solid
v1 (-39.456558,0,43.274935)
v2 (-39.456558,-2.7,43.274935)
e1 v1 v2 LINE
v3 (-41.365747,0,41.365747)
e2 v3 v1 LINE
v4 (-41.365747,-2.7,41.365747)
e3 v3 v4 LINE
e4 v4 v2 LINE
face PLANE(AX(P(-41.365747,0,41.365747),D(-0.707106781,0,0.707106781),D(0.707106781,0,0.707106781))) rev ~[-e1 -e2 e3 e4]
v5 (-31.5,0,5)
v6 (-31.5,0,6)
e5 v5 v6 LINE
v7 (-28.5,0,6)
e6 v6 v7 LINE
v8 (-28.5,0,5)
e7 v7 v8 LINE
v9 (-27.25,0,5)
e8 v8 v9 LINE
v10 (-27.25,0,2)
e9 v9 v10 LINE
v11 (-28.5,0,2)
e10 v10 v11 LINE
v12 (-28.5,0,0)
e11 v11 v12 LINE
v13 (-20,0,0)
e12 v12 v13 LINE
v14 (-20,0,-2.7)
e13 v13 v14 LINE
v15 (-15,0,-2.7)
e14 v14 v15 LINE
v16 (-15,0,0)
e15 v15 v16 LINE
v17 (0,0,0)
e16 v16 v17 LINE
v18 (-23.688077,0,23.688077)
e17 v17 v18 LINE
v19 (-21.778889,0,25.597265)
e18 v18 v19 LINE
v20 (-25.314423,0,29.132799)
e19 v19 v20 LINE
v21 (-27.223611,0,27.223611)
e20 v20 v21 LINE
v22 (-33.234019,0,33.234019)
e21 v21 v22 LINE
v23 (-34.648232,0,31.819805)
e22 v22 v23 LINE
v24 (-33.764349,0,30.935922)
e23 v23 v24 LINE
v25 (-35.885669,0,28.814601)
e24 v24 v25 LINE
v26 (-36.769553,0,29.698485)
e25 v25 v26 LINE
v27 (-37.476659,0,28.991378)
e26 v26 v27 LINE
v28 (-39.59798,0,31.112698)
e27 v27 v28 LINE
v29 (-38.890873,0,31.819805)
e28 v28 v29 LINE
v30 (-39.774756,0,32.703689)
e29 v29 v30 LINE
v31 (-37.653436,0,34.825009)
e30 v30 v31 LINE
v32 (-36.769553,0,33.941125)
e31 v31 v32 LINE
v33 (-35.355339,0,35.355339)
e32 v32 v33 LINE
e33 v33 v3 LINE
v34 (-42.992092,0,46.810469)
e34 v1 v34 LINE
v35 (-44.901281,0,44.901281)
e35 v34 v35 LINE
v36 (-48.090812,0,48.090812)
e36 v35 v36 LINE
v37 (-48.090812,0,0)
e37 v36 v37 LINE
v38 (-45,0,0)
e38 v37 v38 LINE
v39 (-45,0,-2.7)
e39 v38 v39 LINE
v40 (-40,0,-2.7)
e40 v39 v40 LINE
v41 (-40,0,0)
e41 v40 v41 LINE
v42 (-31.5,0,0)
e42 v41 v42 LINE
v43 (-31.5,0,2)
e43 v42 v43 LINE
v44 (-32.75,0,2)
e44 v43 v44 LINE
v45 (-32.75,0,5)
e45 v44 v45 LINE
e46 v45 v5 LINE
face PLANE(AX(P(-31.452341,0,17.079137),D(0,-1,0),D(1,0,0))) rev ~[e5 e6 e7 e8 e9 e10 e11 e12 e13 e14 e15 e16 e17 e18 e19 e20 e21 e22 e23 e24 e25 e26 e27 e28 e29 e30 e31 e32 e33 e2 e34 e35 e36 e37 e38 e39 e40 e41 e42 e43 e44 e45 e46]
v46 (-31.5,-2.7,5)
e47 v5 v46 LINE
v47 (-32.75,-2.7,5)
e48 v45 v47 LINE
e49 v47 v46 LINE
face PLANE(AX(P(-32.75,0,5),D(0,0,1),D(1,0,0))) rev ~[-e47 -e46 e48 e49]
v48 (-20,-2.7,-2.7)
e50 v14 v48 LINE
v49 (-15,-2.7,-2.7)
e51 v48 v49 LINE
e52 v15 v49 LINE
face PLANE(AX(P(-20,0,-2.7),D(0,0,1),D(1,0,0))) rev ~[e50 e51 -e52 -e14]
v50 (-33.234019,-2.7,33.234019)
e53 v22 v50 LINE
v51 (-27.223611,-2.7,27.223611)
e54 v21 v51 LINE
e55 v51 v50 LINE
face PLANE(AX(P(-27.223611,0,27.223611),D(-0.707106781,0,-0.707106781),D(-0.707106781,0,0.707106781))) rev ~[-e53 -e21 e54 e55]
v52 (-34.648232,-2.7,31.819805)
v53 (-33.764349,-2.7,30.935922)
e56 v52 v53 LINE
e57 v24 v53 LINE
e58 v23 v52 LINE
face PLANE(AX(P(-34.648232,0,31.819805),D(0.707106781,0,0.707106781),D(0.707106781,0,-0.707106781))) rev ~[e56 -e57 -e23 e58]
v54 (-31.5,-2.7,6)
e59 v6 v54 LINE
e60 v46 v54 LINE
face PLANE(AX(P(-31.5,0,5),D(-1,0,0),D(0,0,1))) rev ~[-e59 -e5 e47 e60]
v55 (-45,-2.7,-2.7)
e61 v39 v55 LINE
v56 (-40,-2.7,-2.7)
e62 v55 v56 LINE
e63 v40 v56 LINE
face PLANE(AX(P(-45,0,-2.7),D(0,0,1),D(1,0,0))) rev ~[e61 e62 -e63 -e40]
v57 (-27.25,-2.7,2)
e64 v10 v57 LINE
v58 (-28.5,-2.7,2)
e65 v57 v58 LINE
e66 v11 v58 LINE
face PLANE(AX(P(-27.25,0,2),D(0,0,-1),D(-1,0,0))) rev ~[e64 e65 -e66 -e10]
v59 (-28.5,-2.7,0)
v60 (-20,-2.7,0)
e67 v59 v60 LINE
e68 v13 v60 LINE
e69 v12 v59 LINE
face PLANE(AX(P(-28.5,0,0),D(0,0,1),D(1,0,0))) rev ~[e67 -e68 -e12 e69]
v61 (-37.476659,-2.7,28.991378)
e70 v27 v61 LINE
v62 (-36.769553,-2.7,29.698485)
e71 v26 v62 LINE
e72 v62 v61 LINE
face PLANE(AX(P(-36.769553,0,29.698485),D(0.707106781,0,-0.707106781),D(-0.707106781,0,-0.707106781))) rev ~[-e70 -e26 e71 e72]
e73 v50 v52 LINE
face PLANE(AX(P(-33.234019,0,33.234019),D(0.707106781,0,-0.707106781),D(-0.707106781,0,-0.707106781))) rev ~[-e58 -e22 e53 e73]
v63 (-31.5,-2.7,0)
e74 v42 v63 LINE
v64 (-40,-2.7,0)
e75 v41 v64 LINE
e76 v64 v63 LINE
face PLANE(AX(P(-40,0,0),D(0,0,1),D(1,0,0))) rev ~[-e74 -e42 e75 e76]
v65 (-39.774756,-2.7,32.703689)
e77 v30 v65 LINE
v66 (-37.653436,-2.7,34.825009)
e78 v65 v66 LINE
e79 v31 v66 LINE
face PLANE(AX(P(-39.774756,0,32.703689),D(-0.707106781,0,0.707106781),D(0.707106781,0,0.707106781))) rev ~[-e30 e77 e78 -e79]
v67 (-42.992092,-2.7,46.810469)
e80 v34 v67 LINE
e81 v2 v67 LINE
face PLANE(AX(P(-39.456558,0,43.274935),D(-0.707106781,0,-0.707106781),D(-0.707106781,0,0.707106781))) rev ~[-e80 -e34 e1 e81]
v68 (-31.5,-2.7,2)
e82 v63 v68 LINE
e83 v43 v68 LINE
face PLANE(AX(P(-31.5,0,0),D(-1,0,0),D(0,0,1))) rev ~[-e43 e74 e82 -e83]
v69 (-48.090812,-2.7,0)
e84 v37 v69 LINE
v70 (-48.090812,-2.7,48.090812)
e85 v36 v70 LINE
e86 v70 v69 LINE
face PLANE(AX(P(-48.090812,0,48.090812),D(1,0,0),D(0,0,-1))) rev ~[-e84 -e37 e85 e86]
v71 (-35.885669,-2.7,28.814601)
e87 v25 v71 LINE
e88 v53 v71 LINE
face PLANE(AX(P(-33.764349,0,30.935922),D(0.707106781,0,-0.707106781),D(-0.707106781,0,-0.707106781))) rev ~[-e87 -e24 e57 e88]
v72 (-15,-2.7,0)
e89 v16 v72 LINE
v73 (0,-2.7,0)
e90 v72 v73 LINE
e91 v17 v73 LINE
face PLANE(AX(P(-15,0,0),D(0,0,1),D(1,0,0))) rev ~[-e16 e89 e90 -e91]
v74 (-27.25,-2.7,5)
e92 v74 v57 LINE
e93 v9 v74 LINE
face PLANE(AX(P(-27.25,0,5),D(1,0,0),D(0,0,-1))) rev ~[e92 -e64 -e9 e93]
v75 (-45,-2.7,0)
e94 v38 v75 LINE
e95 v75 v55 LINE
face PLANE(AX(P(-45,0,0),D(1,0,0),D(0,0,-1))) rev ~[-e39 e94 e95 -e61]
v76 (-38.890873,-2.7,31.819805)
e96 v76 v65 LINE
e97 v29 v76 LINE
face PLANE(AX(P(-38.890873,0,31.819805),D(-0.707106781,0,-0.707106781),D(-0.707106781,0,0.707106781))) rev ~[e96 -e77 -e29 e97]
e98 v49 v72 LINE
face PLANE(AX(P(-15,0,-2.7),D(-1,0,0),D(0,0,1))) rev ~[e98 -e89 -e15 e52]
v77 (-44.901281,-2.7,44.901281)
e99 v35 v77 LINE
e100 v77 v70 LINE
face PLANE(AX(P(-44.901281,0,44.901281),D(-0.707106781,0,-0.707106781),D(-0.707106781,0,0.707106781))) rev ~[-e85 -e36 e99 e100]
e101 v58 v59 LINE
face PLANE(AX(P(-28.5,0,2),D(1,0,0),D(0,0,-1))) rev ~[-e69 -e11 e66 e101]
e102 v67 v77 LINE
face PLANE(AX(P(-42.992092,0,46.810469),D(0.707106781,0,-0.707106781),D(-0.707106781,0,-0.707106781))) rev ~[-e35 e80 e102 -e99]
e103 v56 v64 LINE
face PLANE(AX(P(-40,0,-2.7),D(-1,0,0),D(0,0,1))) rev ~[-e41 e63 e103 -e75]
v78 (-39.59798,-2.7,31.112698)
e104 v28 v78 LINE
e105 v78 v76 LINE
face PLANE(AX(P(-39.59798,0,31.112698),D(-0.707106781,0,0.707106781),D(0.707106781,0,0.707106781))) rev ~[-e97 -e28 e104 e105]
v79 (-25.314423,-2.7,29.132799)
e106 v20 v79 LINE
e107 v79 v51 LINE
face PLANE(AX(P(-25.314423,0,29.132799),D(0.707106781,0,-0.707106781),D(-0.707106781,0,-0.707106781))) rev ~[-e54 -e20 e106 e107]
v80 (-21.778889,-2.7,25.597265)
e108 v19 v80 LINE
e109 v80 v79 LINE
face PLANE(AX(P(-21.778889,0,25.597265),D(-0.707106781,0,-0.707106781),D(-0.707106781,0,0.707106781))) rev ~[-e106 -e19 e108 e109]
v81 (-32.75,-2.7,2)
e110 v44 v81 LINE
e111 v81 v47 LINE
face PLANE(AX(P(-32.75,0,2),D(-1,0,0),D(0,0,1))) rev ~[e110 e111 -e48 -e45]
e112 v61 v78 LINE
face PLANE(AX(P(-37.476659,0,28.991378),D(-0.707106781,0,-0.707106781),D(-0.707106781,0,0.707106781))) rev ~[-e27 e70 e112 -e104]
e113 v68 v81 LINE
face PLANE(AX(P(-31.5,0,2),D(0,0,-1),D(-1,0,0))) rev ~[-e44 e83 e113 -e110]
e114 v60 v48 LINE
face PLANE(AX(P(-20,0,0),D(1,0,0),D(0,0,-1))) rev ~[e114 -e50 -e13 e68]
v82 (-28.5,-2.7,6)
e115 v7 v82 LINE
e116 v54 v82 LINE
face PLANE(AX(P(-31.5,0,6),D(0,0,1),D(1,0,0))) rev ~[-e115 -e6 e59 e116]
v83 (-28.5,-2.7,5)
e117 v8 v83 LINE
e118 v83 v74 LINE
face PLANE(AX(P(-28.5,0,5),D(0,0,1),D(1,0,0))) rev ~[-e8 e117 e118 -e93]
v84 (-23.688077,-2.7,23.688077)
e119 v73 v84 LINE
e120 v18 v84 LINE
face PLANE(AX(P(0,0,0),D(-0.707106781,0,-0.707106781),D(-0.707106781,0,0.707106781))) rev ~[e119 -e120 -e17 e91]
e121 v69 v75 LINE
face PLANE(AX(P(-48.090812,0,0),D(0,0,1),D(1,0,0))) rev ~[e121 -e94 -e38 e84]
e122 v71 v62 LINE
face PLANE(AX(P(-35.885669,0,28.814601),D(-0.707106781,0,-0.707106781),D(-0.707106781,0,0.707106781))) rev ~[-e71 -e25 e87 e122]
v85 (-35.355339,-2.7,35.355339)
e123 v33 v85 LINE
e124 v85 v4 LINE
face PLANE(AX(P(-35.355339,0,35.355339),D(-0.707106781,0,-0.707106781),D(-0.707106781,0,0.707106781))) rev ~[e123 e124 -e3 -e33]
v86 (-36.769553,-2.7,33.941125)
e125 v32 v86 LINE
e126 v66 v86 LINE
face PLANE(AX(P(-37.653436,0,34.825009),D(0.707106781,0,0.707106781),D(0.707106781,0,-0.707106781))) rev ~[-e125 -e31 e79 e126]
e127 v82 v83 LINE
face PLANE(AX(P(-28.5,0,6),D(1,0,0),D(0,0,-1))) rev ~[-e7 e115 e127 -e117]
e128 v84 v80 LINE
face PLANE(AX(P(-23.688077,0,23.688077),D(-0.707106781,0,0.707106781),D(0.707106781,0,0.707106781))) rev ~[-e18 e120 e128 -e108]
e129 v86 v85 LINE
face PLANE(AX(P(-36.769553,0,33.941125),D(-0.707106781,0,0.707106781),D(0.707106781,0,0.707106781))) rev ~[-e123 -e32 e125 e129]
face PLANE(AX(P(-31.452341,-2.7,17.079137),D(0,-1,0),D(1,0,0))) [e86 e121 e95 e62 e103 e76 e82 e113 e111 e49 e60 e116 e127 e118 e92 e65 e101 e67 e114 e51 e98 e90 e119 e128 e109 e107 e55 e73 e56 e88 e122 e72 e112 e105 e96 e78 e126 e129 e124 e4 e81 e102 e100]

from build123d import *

# Parameters (mm, degrees)
F2_DEPTH = 2.7


with BuildPart() as f2:
    # F1 (on Front) → F2 (new body)
    with BuildSketch(Plane.XZ):
        Polygon((-48.0908116908, 48.0908116908), (-48.0908116908, 0), (-45, 0), (-45, -2.7), (-40, -2.7), (-40, 0), (-31.5, 0), (-31.5, 2), (-32.75, 2), (-32.75, 5), (-31.5, 5), (-31.5, 6), (-28.5, 6), (-28.5, 5), (-27.25, 5), (-27.25, 2), (-28.5, 2), (-28.5, 0), (-20, 0), (-20, -2.7), (-15, -2.7), (-15, 0), (0, 0), (-23.6880771697, 23.6880771697), (-21.7788888605, 25.597265479), (-25.3144227665, 29.1327993849), (-27.2236110757, 27.2236110757), (-33.2340187158, 33.2340187158), (-34.6482322781, 31.8198051534), (-33.7643488017, 30.9359216769), (-35.8856691452, 28.8146013334), (-36.7695526217, 29.6984848098), (-37.4766594029, 28.9913780286), (-39.5979797464, 31.1126983722), (-38.8908729653, 31.8198051534), (-39.7747564417, 32.7036886299), (-37.6534360982, 34.8250089734), (-36.7695526217, 33.941125497), (-35.3553390593, 35.3553390593), (-41.3657466994, 41.3657466994), (-39.4565583902, 43.2749350086), (-42.9920922961, 46.8104689145), (-44.9012806053, 44.9012806053), align=None)
    extrude(amount=F2_DEPTH)


solid = f2.part
